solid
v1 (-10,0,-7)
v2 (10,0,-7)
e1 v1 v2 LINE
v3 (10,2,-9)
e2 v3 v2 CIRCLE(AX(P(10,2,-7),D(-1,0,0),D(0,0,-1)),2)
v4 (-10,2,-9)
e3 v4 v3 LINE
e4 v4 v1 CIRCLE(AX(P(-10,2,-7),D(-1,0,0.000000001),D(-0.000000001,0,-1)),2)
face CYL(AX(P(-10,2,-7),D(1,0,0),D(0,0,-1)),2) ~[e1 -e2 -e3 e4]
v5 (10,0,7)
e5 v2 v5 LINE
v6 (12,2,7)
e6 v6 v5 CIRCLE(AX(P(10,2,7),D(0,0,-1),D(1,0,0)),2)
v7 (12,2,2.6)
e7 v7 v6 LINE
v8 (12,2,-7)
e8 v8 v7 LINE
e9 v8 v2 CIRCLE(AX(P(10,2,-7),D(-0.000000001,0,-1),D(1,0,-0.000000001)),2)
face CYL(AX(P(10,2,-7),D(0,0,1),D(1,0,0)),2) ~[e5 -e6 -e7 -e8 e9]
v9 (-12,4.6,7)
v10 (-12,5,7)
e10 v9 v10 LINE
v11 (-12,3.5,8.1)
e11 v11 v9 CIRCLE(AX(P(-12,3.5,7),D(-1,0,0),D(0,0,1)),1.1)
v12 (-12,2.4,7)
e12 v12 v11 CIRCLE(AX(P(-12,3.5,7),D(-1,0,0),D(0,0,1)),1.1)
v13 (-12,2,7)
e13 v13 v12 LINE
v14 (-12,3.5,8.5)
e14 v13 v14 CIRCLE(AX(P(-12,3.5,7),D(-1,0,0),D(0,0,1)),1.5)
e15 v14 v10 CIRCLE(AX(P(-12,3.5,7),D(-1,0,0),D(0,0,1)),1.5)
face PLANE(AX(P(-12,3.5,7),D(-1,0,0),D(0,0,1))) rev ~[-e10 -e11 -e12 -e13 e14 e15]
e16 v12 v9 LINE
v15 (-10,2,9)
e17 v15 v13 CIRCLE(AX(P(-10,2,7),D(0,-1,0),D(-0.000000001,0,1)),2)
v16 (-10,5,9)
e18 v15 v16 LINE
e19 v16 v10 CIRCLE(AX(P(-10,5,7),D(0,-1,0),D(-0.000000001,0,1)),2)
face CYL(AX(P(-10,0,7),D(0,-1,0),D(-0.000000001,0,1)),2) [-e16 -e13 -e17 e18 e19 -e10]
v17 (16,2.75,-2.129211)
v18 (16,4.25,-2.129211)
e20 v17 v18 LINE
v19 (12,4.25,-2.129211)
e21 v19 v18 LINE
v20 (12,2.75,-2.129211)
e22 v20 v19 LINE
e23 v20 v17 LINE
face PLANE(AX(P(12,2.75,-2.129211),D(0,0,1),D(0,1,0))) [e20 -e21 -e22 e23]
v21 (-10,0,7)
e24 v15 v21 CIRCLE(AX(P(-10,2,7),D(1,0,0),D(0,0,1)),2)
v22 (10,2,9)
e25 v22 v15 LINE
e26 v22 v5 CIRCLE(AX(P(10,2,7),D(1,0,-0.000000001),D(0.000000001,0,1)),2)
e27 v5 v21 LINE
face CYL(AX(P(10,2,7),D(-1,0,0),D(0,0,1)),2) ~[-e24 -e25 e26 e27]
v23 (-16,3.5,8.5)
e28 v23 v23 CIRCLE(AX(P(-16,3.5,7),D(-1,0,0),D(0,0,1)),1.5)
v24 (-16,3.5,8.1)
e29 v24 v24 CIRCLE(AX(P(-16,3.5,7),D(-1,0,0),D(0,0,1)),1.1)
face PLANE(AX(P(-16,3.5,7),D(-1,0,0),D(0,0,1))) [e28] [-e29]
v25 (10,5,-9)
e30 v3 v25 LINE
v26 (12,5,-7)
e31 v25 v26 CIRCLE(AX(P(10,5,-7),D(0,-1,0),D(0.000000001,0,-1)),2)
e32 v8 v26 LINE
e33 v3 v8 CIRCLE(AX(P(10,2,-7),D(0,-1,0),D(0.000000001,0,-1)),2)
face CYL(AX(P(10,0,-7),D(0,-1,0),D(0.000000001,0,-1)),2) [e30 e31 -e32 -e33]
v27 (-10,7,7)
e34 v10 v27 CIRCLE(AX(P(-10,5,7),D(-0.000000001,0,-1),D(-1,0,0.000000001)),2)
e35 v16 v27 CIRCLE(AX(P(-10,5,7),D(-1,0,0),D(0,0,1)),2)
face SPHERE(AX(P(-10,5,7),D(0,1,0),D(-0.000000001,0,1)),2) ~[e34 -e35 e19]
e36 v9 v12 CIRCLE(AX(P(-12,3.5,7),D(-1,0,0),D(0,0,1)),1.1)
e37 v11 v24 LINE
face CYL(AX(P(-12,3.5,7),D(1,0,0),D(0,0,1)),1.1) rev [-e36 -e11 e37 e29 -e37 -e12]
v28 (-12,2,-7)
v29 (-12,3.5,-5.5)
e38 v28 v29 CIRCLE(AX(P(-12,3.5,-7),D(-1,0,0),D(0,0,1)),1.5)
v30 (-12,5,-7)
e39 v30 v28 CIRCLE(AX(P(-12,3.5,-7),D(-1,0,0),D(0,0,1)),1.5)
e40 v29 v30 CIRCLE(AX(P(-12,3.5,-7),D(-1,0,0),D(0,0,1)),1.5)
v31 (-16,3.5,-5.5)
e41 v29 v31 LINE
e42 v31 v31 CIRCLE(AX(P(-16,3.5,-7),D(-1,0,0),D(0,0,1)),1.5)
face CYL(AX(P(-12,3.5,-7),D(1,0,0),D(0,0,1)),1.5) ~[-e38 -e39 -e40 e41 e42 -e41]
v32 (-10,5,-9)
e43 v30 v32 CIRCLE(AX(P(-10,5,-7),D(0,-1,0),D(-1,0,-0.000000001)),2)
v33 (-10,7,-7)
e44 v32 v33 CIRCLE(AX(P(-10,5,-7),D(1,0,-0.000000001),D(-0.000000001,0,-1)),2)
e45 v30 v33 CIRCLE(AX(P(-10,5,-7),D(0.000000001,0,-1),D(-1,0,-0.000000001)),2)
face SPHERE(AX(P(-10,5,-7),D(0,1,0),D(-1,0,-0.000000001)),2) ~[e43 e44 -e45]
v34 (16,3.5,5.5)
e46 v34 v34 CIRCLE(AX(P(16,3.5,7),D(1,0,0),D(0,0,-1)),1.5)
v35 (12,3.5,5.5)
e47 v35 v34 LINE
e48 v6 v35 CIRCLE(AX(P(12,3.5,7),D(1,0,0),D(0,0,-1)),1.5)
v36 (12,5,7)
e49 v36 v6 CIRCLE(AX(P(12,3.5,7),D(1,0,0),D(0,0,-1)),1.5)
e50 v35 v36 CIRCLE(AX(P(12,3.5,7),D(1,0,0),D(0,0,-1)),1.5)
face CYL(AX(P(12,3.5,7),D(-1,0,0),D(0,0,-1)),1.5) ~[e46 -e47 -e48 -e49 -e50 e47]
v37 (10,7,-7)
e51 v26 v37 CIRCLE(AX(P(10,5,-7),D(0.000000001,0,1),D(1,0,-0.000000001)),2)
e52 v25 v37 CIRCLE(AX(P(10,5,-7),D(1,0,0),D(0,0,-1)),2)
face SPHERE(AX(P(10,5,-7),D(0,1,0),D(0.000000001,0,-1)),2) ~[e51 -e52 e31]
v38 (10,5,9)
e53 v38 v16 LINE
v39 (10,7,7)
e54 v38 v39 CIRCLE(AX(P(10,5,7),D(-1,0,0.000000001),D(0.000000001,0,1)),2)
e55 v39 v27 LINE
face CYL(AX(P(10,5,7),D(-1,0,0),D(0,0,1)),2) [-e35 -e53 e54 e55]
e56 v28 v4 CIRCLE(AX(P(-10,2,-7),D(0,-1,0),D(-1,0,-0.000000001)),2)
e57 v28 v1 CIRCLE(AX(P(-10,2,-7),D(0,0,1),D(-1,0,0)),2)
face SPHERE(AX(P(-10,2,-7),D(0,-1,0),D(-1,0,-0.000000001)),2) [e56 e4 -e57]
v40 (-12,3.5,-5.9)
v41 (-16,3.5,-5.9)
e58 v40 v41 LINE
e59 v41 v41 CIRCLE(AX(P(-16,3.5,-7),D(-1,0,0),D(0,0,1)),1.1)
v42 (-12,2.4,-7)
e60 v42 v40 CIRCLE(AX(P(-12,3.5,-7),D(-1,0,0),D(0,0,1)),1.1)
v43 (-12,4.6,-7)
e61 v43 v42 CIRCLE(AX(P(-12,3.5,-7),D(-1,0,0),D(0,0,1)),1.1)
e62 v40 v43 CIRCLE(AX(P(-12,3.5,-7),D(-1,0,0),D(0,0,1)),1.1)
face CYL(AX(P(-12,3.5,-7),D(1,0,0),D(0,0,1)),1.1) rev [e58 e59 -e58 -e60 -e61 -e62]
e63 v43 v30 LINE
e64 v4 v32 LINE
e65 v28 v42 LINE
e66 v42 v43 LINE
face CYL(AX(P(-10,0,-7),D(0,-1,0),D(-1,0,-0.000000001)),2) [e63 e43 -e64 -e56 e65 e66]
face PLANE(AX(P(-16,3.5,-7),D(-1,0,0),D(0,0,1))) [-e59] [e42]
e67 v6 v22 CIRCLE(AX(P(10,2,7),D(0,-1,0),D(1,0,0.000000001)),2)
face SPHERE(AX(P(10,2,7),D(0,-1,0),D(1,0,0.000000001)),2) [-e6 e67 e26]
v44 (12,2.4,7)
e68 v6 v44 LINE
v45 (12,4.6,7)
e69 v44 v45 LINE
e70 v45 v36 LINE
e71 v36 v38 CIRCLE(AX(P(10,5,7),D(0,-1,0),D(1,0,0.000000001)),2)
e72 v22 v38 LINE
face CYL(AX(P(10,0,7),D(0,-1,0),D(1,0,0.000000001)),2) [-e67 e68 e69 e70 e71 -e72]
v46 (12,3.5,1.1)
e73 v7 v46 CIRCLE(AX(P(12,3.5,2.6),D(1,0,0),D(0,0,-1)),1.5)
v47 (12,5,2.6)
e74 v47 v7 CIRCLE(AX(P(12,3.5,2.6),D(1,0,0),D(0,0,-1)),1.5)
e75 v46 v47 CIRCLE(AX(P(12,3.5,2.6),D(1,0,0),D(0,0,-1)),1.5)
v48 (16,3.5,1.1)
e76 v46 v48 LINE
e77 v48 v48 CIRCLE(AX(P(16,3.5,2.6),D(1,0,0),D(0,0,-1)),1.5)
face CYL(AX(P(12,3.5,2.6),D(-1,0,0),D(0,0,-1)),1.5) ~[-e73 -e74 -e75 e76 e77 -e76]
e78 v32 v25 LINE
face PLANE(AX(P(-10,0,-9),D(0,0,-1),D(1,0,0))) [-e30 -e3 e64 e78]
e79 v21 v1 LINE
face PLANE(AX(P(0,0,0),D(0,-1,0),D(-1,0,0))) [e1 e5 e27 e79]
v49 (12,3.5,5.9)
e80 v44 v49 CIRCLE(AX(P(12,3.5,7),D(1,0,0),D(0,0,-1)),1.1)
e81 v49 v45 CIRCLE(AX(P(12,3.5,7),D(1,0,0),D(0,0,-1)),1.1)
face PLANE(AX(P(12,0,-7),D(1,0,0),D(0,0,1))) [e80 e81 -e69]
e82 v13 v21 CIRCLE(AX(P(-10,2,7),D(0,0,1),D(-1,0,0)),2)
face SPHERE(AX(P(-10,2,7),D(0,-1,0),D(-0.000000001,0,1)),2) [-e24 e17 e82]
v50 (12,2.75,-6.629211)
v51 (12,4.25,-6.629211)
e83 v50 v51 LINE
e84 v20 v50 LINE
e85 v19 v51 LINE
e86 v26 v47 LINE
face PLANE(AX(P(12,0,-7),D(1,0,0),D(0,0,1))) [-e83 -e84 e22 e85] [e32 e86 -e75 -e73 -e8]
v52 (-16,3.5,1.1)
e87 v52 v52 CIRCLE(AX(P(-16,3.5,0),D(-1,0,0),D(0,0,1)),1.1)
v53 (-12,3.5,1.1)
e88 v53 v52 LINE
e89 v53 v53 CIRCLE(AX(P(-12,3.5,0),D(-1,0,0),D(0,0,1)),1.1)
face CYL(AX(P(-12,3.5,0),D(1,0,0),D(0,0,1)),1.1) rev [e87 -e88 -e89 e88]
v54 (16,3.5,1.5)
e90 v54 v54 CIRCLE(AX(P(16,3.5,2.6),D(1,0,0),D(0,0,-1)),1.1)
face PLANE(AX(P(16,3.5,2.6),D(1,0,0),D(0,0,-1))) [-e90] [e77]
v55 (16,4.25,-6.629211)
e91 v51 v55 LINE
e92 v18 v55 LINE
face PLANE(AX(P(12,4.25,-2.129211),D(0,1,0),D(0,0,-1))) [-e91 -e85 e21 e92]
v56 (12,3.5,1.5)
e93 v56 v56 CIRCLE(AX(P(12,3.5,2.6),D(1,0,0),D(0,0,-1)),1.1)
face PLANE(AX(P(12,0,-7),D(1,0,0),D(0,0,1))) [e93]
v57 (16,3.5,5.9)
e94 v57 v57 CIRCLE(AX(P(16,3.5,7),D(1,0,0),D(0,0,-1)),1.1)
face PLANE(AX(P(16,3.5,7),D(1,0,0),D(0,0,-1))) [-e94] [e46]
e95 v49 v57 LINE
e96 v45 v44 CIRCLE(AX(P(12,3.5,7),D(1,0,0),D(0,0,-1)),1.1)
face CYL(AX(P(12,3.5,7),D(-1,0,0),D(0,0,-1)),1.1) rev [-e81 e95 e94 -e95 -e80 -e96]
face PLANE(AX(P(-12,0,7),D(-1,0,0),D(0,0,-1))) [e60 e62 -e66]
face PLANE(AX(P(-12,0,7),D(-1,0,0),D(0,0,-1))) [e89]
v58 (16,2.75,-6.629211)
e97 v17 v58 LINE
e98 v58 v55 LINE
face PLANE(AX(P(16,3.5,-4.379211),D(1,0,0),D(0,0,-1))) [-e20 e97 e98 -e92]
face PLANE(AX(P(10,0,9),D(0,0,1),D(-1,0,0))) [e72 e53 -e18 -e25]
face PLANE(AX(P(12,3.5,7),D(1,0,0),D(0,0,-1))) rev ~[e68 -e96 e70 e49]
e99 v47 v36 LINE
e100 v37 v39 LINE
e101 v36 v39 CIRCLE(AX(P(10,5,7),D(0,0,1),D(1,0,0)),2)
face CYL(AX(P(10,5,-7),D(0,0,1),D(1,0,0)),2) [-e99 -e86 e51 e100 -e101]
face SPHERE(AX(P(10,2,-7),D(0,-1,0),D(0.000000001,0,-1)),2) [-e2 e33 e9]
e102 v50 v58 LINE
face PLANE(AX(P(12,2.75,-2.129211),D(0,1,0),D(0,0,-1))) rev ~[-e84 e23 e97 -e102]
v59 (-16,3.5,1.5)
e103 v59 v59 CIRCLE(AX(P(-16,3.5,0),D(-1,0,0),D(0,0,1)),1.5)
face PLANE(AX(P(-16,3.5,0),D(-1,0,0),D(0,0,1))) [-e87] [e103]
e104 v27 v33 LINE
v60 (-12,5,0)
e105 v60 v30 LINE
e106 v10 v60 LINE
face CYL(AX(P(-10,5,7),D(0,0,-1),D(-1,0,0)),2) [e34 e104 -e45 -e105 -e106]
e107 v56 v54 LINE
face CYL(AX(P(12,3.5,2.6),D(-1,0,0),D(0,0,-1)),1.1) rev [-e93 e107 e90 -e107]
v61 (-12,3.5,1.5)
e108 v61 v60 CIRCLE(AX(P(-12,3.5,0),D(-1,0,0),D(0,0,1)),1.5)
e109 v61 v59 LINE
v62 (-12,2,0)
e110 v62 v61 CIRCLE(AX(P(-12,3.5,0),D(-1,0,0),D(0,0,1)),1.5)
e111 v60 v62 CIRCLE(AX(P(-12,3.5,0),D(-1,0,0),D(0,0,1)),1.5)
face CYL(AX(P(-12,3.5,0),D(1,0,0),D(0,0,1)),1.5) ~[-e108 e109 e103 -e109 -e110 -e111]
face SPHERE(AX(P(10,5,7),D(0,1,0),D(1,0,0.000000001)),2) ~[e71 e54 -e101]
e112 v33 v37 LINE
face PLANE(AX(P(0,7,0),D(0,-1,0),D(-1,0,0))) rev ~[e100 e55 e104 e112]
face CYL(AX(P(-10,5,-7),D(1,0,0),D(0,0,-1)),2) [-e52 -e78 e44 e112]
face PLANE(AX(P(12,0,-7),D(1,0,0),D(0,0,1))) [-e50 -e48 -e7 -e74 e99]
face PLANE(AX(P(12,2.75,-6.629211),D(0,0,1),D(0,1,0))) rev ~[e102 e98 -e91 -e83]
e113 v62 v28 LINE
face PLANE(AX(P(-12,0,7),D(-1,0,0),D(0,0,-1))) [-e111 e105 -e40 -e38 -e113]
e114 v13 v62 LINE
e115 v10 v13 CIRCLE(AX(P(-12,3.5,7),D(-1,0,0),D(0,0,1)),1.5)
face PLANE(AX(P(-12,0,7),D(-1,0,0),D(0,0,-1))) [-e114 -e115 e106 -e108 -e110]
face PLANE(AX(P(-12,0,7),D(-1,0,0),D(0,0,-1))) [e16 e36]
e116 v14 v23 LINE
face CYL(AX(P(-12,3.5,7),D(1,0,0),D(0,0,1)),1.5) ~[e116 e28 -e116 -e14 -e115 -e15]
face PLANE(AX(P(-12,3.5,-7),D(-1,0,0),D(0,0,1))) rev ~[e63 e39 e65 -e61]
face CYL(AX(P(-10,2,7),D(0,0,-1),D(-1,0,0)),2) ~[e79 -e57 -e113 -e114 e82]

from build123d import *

# Parameters (mm, degrees)
BOSS_EXTRUDE1_DEPTH = 7
FILLET1_R           = 2
SKETCH2_R           = 1.5
SKETCH2_R_2         = 1.1
BOSS_EXTRUDE2_DEPTH = 4
SKETCH3_R           = 1.5
SKETCH3_R_2         = 1.1
SKETCH3_W           = 4.5
SKETCH3_H           = 1.5
BOSS_EXTRUDE3_DEPTH = 4


with BuildPart() as part:
    # Sketch1 → Boss-Extrude1 (new body)
    with BuildSketch(Plane(origin=(0, 0, 0), x_dir=(1, 0, 0), z_dir=(0, 1, 0))):
        with BuildLine():
            Line((-10, 9), (10, 9))
            ThreePointArc((10, 9), (11.414213562, 8.414213562), (12, 7))
            Line((12, 7), (12, -7))
            ThreePointArc((12, -7), (11.414213562, -8.414213562), (10, -9))
            Line((10, -9), (-10, -9))
            ThreePointArc((-10, -9), (-11.414213562, -8.414213562), (-12, -7))
            Line((-12, -7), (-12, 7))
            ThreePointArc((-12, 7), (-11.414213562, 8.414213562), (-10, 9))
        make_face()
    extrude(amount=BOSS_EXTRUDE1_DEPTH)

    # Fillet1
    fillet1_edges = [part.edges().sort_by_distance(p)[0] for p in [
        (-12, 0, 0),
        (-11.414213562, 0, -8.414213562),
        (0, 0, -9),
        (11.414213562, 0, -8.414213562),
        (-11.414213562, 7, -8.414213562),
        (-12, 7, 0),
        (-11.414213562, 7, 8.414213562),
        (0, 7, 9),
        (11.414213562, 7, 8.414213562),
        (12, 7, 0),
        (11.414213562, 7, -8.414213562),
        (12, 0, 0),
        (0, 7, -9),
        (11.414213562, 0, 8.414213562),
        (0, 0, 9),
        (-11.414213562, 0, 8.414213562),
    ]]
    fillet(fillet1_edges, radius=FILLET1_R)

    # Sketch2 → Boss-Extrude2 (add)
    with BuildSketch(Plane.ZY.offset(12)):
        with Locations((-7, 3.5)):
            Circle(SKETCH2_R)
        with Locations((-7, 3.5)):
            Circle(SKETCH2_R_2, mode=Mode.SUBTRACT)
        with Locations((0, 3.5)):
            Circle(SKETCH2_R)
        with Locations((0, 3.5)):
            Circle(SKETCH2_R_2, mode=Mode.SUBTRACT)
        with Locations((7, 3.5)):
            Circle(SKETCH2_R)
        with Locations((7, 3.5)):
            Circle(SKETCH2_R_2, mode=Mode.SUBTRACT)
    extrude(amount=BOSS_EXTRUDE2_DEPTH)

    # Sketch3 → Boss-Extrude3 (add)
    with BuildSketch(Plane(origin=(12, 0, 0), x_dir=(0, 0, -1), z_dir=(1, 0, 0))):
        with Locations((-7, 3.5)):
            Circle(SKETCH3_R)
        with Locations((-7, 3.5)):
            Circle(SKETCH3_R_2, mode=Mode.SUBTRACT)
        with Locations((-2.6, 3.5)):
            Circle(SKETCH3_R)
        with Locations((-2.6, 3.5)):
            Circle(SKETCH3_R_2, mode=Mode.SUBTRACT)
        with Locations((4.379211167, 3.5)):
            Rectangle(SKETCH3_W, SKETCH3_H)
    extrude(amount=BOSS_EXTRUDE3_DEPTH)


solid = part.part
